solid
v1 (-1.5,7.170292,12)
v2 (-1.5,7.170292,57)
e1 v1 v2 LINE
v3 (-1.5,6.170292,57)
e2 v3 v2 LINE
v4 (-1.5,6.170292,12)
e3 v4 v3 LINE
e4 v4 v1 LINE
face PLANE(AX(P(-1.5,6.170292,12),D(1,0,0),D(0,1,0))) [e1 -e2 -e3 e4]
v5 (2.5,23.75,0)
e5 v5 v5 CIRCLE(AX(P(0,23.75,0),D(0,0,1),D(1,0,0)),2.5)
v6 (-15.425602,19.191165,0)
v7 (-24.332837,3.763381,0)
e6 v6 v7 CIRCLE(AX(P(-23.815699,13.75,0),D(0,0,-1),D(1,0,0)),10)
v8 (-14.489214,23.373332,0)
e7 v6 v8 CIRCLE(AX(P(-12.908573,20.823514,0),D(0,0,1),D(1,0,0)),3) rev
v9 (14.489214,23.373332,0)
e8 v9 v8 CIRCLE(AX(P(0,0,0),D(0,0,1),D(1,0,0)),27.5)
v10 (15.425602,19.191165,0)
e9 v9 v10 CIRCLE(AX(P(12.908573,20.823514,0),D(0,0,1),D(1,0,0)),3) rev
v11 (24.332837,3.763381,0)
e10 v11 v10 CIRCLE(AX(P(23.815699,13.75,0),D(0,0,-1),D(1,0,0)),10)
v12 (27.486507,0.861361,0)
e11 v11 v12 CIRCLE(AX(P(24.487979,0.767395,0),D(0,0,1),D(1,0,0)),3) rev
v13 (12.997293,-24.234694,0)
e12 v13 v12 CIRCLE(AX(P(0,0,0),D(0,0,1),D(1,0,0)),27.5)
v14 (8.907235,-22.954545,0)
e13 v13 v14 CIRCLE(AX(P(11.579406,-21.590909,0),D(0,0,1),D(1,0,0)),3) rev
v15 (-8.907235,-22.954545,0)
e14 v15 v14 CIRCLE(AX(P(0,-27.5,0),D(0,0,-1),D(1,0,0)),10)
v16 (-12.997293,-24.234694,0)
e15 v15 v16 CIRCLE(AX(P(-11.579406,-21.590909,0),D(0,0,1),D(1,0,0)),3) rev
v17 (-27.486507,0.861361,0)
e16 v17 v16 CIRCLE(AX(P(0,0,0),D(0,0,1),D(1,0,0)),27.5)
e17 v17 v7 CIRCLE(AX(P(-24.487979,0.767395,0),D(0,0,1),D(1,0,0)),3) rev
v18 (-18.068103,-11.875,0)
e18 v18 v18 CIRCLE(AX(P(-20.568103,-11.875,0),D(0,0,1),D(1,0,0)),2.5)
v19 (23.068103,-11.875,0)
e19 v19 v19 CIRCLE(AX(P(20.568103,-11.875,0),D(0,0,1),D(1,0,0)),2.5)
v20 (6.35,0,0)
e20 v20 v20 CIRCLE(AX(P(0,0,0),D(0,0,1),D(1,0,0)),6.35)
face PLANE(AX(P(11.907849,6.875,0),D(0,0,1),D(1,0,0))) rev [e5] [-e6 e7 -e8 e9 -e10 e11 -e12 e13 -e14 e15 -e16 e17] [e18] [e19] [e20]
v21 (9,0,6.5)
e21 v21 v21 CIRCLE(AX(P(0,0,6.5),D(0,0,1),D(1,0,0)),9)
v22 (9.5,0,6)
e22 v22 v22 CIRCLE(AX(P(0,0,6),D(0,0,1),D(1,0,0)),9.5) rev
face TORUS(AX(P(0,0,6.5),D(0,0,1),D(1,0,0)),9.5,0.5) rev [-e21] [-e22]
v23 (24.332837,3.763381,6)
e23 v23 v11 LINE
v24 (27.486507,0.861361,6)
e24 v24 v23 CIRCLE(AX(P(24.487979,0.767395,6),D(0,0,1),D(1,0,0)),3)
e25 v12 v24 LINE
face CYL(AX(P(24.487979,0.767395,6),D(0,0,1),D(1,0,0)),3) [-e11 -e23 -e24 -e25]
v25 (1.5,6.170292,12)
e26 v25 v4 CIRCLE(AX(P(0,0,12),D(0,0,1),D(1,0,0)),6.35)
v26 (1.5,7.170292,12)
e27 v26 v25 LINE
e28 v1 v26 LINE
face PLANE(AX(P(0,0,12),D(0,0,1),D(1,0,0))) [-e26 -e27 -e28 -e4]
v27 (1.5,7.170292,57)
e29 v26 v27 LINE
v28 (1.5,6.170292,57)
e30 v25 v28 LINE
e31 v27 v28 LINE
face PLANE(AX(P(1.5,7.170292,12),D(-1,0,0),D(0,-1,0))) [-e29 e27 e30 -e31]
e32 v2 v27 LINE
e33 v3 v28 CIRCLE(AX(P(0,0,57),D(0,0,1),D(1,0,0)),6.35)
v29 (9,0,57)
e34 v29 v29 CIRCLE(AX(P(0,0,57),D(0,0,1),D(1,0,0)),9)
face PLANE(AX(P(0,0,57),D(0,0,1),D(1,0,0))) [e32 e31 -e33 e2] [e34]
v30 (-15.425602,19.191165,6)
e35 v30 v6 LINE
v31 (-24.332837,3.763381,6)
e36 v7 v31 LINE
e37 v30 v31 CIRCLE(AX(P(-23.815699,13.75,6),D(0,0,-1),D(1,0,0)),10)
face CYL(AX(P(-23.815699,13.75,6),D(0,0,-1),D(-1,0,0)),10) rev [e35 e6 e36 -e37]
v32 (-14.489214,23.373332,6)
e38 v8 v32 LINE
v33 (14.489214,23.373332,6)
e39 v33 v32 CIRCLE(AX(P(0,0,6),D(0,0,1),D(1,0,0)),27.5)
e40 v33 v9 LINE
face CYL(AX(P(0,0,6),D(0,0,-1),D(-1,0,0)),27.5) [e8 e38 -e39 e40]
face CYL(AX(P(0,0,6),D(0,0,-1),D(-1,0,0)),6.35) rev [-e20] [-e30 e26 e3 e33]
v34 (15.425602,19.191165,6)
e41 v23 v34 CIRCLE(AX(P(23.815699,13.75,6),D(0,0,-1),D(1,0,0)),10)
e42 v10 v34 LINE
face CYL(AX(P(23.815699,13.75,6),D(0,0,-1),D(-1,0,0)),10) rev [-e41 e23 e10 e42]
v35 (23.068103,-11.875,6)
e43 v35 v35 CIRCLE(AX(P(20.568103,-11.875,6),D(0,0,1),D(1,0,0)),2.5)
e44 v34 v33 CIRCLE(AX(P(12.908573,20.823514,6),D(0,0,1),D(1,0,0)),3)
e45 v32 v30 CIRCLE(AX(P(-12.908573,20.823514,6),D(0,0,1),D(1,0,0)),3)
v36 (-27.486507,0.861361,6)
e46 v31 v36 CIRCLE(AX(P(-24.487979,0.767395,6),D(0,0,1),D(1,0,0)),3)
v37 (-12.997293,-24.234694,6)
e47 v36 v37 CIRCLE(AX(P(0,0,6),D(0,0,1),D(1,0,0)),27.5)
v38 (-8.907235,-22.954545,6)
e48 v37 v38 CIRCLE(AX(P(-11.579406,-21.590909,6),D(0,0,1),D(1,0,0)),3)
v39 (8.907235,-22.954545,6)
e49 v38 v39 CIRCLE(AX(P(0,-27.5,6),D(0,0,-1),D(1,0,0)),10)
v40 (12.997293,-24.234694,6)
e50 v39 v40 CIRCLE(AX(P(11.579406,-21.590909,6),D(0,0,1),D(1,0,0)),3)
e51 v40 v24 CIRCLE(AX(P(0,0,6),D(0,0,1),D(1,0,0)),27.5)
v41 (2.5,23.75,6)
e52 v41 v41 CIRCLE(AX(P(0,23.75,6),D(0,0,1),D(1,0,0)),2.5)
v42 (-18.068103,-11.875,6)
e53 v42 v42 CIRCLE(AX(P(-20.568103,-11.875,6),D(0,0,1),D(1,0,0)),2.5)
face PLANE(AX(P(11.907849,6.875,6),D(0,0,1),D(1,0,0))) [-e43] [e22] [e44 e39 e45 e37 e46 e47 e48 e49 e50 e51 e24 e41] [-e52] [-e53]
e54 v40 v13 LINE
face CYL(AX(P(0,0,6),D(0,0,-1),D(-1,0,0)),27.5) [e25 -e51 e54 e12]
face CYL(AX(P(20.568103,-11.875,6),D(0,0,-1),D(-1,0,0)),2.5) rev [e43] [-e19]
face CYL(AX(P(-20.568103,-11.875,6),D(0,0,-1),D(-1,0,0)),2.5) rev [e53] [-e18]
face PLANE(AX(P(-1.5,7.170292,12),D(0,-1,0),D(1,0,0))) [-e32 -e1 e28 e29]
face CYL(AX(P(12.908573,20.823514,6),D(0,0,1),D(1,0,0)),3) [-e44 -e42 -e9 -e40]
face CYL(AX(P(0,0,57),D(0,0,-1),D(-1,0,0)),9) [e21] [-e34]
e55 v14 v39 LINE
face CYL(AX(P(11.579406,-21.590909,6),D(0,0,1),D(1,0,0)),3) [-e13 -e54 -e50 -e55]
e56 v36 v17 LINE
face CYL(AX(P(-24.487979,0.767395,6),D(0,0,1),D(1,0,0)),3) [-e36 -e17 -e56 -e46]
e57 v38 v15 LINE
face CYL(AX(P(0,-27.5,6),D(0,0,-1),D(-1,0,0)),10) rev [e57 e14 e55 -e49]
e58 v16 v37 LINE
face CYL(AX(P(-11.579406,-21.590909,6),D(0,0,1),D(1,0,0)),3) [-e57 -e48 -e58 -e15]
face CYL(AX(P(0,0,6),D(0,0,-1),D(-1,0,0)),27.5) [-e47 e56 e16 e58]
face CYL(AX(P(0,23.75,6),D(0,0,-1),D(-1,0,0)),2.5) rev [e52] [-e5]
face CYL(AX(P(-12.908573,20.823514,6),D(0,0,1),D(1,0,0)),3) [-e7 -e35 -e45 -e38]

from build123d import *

# Parameters (mm, degrees)
SKETCH1_R           = 2.5
SKETCH1_R_2         = 6.35
BOSS_EXTRUDE1_DEPTH = 6
SKETCH2_R           = 9
SKETCH2_R_2         = 6.35
BOSS_EXTRUDE2_DEPTH = 51
FILLET1_R           = 3
CUT_EXTRUDE1_START  = -45
CUT_EXTRUDE1_DEPTH  = 45
FILLET2_R           = 0.5


with BuildPart() as part:
    # Sketch1 → Boss-Extrude1 (new body)
    with BuildSketch(Plane.XY):
        with BuildLine():
            ThreePointArc((17.324446131, 21.356815452), (0, 27.5), (-17.324446131, 21.356815452))
            ThreePointArc((-17.324446131, 21.356815452), (-15.155444566, 8.75), (-27.157767791, 4.325002729))
            ThreePointArc((-27.157767791, 4.325002729), (-23.815698604, -13.75), (-9.83332166, -25.681818182))
            ThreePointArc((-9.83332166, -25.681818182), (0, -17.5), (9.83332166, -25.681818182))
            ThreePointArc((9.83332166, -25.681818182), (23.815698604, -13.75), (27.157767791, 4.325002729))
            ThreePointArc((27.157767791, 4.325002729), (15.155444566, 8.75), (17.324446131, 21.356815452))
        make_face()
        with Locations((0, 23.75)):
            Circle(SKETCH1_R, mode=Mode.SUBTRACT)
        with Locations((-20.56810334, -11.875)):
            Circle(SKETCH1_R, mode=Mode.SUBTRACT)
        with Locations((20.56810334, -11.875)):
            Circle(SKETCH1_R, mode=Mode.SUBTRACT)
        Circle(SKETCH1_R_2, mode=Mode.SUBTRACT)
    extrude(amount=BOSS_EXTRUDE1_DEPTH)

    # Sketch2 → Boss-Extrude2 (add)
    with BuildSketch(Plane.XY.offset(6)):
        Circle(SKETCH2_R)
        Circle(SKETCH2_R_2, mode=Mode.SUBTRACT)
    extrude(amount=BOSS_EXTRUDE2_DEPTH)

    # Fillet1
    fillet1_edges = [part.edges().sort_by_distance(p)[0] for p in [
        (27.157767791, 4.325002729, 3),
        (9.83332166, -25.681818182, 3),
        (-9.83332166, -25.681818182, 3),
        (-27.157767791, 4.325002729, 3),
        (-17.324446131, 21.356815452, 3),
        (17.324446131, 21.356815452, 3),
    ]]
    fillet(fillet1_edges, radius=FILLET1_R)

    # Sketch3 → Cut-Extrude1 (cut)
    with BuildSketch(Plane.XY.offset(57).offset(CUT_EXTRUDE1_START)):
        with BuildLine():
            Line((-1.5, 6.170291727), (-1.5, 7.170291727))
            Line((-1.5, 7.170291727), (1.5, 7.170291727))
            Line((1.5, 7.170291727), (1.5, 6.170291727))
            ThreePointArc((1.5, 6.170291727), (0, 6.35), (-1.5, 6.170291727))
        make_face()
    extrude(amount=CUT_EXTRUDE1_DEPTH, mode=Mode.SUBTRACT)

    # Fillet2
    fillet2_edges = [part.edges().sort_by_distance(p)[0] for p in [
        (-9, 0, 6),
    ]]
    fillet(fillet2_edges, radius=FILLET2_R)


solid = part.part
